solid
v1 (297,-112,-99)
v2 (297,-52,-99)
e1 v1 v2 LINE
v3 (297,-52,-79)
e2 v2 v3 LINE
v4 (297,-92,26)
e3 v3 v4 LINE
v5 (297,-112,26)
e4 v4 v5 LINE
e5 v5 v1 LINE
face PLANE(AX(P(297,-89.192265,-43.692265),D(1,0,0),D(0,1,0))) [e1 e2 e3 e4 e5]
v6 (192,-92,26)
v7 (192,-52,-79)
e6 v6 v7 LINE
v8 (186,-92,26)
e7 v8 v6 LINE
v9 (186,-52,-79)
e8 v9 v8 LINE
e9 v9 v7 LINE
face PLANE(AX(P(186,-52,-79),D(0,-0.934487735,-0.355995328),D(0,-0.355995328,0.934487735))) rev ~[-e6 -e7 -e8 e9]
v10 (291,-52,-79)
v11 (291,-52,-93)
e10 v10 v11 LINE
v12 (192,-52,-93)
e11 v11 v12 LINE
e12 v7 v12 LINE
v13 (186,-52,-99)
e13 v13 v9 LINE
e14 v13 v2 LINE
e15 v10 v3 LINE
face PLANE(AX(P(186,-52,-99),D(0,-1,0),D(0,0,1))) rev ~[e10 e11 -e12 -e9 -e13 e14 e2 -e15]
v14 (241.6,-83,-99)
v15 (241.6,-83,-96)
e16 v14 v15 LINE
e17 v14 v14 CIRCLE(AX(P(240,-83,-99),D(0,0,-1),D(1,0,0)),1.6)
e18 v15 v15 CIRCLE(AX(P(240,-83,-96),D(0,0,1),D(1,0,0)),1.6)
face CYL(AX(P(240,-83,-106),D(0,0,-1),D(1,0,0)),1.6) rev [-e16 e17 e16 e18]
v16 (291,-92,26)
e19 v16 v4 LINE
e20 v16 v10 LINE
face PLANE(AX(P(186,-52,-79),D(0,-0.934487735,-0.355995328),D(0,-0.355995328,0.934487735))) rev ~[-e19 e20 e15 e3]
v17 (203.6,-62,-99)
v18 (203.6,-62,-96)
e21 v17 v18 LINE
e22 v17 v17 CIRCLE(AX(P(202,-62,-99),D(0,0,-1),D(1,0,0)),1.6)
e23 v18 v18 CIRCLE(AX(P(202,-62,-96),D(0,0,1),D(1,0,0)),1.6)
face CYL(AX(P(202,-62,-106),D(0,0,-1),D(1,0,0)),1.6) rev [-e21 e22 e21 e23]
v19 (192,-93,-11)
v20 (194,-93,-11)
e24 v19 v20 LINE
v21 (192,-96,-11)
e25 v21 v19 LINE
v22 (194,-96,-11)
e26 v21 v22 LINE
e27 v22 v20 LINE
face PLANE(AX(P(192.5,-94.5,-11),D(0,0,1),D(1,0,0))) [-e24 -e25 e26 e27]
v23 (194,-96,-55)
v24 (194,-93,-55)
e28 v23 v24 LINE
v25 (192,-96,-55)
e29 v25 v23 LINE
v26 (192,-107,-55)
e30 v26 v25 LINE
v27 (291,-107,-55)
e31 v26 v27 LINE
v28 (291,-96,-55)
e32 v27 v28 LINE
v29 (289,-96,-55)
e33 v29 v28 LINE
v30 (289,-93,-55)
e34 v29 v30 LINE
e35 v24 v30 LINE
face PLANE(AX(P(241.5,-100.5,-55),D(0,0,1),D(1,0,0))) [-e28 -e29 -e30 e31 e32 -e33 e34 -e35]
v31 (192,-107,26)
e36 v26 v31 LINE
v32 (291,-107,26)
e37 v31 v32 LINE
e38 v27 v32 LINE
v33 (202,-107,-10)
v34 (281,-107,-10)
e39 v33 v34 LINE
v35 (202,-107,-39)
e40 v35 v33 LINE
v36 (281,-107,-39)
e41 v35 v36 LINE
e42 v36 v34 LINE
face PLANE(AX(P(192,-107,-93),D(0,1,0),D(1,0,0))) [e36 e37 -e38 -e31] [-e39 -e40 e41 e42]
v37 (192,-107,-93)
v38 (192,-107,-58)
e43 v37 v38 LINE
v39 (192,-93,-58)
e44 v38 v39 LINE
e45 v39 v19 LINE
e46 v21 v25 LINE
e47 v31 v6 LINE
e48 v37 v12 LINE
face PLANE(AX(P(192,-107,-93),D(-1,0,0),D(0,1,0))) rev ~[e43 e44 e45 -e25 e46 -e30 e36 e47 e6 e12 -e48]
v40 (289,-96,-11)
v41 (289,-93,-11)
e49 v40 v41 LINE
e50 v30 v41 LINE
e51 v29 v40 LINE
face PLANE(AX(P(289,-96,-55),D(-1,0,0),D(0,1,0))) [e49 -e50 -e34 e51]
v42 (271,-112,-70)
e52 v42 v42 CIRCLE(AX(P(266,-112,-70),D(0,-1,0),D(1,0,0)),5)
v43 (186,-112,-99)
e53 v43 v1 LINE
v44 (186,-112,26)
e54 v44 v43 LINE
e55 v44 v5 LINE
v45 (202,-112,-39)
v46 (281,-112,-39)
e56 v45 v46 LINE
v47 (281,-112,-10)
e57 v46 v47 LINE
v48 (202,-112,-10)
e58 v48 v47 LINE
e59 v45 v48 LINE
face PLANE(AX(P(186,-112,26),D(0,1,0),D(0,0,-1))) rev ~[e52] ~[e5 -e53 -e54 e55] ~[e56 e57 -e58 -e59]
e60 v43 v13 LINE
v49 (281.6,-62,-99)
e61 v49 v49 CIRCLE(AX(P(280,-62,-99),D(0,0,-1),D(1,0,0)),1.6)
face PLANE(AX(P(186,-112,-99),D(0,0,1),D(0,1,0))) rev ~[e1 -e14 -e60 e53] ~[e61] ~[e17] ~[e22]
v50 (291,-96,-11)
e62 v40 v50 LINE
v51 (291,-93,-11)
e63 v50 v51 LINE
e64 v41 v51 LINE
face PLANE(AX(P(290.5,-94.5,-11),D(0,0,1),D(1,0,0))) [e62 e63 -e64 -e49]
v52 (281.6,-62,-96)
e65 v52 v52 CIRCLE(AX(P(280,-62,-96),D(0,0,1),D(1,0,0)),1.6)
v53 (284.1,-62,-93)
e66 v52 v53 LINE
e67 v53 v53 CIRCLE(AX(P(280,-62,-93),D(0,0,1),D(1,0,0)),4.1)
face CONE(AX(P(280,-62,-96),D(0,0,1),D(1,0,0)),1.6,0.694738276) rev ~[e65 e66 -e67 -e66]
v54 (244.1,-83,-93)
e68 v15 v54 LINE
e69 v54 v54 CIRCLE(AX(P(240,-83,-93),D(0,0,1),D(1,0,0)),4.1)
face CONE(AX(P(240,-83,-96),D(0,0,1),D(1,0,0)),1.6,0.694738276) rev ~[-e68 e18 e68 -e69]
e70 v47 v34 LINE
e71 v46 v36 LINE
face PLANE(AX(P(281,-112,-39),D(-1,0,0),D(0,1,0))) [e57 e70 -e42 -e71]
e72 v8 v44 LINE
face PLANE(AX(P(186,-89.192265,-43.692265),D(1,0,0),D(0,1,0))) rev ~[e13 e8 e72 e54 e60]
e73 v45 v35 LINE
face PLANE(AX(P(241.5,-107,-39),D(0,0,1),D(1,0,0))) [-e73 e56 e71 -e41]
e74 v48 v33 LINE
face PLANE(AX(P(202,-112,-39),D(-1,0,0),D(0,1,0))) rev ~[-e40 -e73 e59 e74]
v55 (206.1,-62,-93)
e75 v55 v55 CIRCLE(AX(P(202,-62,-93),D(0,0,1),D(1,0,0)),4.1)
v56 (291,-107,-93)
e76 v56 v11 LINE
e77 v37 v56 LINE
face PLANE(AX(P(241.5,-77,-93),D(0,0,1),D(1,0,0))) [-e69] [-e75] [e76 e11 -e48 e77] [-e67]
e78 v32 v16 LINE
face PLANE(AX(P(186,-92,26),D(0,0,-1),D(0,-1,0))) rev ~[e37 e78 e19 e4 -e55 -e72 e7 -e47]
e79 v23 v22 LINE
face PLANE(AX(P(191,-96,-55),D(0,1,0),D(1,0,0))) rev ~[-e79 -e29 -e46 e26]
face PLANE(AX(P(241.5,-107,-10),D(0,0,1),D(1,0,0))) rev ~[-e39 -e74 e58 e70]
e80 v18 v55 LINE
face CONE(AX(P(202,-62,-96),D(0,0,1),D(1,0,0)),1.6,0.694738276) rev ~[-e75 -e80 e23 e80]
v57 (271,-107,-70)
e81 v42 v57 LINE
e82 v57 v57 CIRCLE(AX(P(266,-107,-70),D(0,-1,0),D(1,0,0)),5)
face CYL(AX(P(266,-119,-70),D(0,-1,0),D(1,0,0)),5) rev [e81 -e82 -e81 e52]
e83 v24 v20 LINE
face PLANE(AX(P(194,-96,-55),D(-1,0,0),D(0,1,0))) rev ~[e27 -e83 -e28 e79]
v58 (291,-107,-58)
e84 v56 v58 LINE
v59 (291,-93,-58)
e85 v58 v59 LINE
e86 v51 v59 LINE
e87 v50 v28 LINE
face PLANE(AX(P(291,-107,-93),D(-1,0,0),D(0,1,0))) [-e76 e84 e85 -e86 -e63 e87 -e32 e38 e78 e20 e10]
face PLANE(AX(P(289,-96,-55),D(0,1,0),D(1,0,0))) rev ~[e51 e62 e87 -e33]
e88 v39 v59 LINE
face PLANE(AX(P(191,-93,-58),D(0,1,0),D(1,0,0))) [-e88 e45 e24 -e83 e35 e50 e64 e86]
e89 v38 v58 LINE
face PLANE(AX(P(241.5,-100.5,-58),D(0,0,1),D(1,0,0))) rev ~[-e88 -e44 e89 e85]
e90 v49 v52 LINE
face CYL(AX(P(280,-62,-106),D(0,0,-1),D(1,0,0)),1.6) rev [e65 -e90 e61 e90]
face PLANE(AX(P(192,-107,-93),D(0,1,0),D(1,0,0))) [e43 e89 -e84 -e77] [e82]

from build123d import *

# Parameters (mm, degrees)
CYLINDER056_R     = 1.6
CYLINDER056_DEPTH = 10
CYLINDER057_R     = 5
CYLINDER057_DEPTH = 25
BOX014_W          = 79
BOX014_H          = 10
BOX014_DEPTH      = 29
BOX015_W          = 3
BOX015_H          = 3
BOX015_DEPTH      = 44
BOX016_W          = 3
BOX016_H          = 3
BOX016_DEPTH      = 44
BOX017_W          = 101
BOX017_H          = 15
BOX017_DEPTH      = 3
BOX013_W          = 99
BOX013_H          = 60
BOX013_DEPTH      = 128
EXTRUDE017_DEPTH  = 111


with BuildPart() as cono001:
    # Cone001 → Cone001 (revolve)
    with BuildSketch(Plane(origin=(0, 0, -96), x_dir=(1, 0, 0), z_dir=(0, -1, 0))):
        Polygon((0, 0), (1.6, 0), (4.1, 3), (0, 3), align=None)
    revolve(axis=Axis((0, 0, -96), (0, 0, 1)))


with BuildPart() as cilindro056:
    # Cylinder056 → Cylinder056 (new body)
    with BuildSketch(Plane.XY.offset(-106)):
        Circle(CYLINDER056_R)
    extrude(amount=CYLINDER056_DEPTH)


with BuildPart() as fusion037:
    # Fusion037 base: copy of Cilindro056
    add(cilindro056.part)

    # Fusion037: union Cono001
    add(cono001.part)


with BuildPart() as fusion037_1:
    # Fusion037 placement: moved
    add(fusion037.part.moved(Location((202, -62, 0))))


with BuildPart() as fusion038:
    # Fusion038 base: copy of Cilindro056
    add(cilindro056.part)

    # Fusion038: union Cono001
    add(cono001.part)


with BuildPart() as fusion038_1:
    # Fusion038 placement: moved
    add(fusion038.part.moved(Location((240, -83, 0))))


with BuildPart() as fusion039:
    # Fusion039 base: copy of Cilindro056
    add(cilindro056.part)

    # Fusion039: union Cono001
    add(cono001.part)


with BuildPart() as fusion039_1:
    # Fusion039 placement: moved
    add(fusion039.part.moved(Location((280, -62, 0))))


with BuildPart() as cilindro057:
    # Cylinder057 → Cylinder057 (new body)
    with BuildSketch(Plane(origin=(266, -119, -70), x_dir=(1, 0, 0), z_dir=(0, 1, 0))):
        Circle(CYLINDER057_R)
    extrude(amount=CYLINDER057_DEPTH)


with BuildPart() as fusion040:
    # Box014 → Box014 (new body)
    with BuildSketch(Plane(origin=(202, -112, -39), x_dir=(1, 0, 0), z_dir=(0, 0, 1))):
        with Locations((39.5, 5)):
            Rectangle(BOX014_W, BOX014_H)
    extrude(amount=BOX014_DEPTH)

    # Fusion040: union Fusion037, Fusion038, Fusion039, Cilindro057
    add(fusion037_1.part)
    add(fusion038_1.part)
    add(fusion039_1.part)
    add(cilindro057.part)


with BuildPart() as cubo014:
    # Box015 → Box015 (new body)
    with BuildSketch(Plane(origin=(289, -96, -55), x_dir=(1, 0, 0), z_dir=(0, 0, 1))):
        with Locations((1.5, 1.5)):
            Rectangle(BOX015_W, BOX015_H)
    extrude(amount=BOX015_DEPTH)


with BuildPart() as cubo015:
    # Box016 → Box016 (new body)
    with BuildSketch(Plane(origin=(191, -96, -55), x_dir=(1, 0, 0), z_dir=(0, 0, 1))):
        with Locations((1.5, 1.5)):
            Rectangle(BOX016_W, BOX016_H)
    extrude(amount=BOX016_DEPTH)


with BuildPart() as cubo016:
    # Box017 → Box017 (new body)
    with BuildSketch(Plane(origin=(191, -108, -58), x_dir=(1, 0, 0), z_dir=(0, 0, 1))):
        with Locations((50.5, 7.5)):
            Rectangle(BOX017_W, BOX017_H)
    extrude(amount=BOX017_DEPTH)


with BuildPart() as cubo012:
    # Box013 → Box013 (new body)
    with BuildSketch(Plane(origin=(132, 23, -93), x_dir=(1, 0, 0), z_dir=(0, 0, 1))):
        with Locations((49.5, 30)):
            Rectangle(BOX013_W, BOX013_H)
    extrude(amount=BOX013_DEPTH)


with BuildPart() as soporte_lcd:
    # Sketch013 → Extrude017 (new body)
    with BuildSketch(Plane.YZ.offset(126)):
        Polygon((18, 26), (18, -99), (78, -99), (78, -79), (38, 26), align=None)
    extrude(amount=EXTRUDE017_DEPTH)

    # Cut016: cut Cubo012
    add(cubo012.part, mode=Mode.SUBTRACT)


with BuildPart() as soporte_lcd_1:
    # Cut016 placement: moved
    add(soporte_lcd.part.moved(Location((60, -130, 0))))

    # Fusion041: union Cubo014, Cubo015, Cubo016
    add(cubo014.part)
    add(cubo015.part)
    add(cubo016.part)

    # Cut017: cut Fusion040
    add(fusion040.part, mode=Mode.SUBTRACT)


solid = soporte_lcd_1.part
